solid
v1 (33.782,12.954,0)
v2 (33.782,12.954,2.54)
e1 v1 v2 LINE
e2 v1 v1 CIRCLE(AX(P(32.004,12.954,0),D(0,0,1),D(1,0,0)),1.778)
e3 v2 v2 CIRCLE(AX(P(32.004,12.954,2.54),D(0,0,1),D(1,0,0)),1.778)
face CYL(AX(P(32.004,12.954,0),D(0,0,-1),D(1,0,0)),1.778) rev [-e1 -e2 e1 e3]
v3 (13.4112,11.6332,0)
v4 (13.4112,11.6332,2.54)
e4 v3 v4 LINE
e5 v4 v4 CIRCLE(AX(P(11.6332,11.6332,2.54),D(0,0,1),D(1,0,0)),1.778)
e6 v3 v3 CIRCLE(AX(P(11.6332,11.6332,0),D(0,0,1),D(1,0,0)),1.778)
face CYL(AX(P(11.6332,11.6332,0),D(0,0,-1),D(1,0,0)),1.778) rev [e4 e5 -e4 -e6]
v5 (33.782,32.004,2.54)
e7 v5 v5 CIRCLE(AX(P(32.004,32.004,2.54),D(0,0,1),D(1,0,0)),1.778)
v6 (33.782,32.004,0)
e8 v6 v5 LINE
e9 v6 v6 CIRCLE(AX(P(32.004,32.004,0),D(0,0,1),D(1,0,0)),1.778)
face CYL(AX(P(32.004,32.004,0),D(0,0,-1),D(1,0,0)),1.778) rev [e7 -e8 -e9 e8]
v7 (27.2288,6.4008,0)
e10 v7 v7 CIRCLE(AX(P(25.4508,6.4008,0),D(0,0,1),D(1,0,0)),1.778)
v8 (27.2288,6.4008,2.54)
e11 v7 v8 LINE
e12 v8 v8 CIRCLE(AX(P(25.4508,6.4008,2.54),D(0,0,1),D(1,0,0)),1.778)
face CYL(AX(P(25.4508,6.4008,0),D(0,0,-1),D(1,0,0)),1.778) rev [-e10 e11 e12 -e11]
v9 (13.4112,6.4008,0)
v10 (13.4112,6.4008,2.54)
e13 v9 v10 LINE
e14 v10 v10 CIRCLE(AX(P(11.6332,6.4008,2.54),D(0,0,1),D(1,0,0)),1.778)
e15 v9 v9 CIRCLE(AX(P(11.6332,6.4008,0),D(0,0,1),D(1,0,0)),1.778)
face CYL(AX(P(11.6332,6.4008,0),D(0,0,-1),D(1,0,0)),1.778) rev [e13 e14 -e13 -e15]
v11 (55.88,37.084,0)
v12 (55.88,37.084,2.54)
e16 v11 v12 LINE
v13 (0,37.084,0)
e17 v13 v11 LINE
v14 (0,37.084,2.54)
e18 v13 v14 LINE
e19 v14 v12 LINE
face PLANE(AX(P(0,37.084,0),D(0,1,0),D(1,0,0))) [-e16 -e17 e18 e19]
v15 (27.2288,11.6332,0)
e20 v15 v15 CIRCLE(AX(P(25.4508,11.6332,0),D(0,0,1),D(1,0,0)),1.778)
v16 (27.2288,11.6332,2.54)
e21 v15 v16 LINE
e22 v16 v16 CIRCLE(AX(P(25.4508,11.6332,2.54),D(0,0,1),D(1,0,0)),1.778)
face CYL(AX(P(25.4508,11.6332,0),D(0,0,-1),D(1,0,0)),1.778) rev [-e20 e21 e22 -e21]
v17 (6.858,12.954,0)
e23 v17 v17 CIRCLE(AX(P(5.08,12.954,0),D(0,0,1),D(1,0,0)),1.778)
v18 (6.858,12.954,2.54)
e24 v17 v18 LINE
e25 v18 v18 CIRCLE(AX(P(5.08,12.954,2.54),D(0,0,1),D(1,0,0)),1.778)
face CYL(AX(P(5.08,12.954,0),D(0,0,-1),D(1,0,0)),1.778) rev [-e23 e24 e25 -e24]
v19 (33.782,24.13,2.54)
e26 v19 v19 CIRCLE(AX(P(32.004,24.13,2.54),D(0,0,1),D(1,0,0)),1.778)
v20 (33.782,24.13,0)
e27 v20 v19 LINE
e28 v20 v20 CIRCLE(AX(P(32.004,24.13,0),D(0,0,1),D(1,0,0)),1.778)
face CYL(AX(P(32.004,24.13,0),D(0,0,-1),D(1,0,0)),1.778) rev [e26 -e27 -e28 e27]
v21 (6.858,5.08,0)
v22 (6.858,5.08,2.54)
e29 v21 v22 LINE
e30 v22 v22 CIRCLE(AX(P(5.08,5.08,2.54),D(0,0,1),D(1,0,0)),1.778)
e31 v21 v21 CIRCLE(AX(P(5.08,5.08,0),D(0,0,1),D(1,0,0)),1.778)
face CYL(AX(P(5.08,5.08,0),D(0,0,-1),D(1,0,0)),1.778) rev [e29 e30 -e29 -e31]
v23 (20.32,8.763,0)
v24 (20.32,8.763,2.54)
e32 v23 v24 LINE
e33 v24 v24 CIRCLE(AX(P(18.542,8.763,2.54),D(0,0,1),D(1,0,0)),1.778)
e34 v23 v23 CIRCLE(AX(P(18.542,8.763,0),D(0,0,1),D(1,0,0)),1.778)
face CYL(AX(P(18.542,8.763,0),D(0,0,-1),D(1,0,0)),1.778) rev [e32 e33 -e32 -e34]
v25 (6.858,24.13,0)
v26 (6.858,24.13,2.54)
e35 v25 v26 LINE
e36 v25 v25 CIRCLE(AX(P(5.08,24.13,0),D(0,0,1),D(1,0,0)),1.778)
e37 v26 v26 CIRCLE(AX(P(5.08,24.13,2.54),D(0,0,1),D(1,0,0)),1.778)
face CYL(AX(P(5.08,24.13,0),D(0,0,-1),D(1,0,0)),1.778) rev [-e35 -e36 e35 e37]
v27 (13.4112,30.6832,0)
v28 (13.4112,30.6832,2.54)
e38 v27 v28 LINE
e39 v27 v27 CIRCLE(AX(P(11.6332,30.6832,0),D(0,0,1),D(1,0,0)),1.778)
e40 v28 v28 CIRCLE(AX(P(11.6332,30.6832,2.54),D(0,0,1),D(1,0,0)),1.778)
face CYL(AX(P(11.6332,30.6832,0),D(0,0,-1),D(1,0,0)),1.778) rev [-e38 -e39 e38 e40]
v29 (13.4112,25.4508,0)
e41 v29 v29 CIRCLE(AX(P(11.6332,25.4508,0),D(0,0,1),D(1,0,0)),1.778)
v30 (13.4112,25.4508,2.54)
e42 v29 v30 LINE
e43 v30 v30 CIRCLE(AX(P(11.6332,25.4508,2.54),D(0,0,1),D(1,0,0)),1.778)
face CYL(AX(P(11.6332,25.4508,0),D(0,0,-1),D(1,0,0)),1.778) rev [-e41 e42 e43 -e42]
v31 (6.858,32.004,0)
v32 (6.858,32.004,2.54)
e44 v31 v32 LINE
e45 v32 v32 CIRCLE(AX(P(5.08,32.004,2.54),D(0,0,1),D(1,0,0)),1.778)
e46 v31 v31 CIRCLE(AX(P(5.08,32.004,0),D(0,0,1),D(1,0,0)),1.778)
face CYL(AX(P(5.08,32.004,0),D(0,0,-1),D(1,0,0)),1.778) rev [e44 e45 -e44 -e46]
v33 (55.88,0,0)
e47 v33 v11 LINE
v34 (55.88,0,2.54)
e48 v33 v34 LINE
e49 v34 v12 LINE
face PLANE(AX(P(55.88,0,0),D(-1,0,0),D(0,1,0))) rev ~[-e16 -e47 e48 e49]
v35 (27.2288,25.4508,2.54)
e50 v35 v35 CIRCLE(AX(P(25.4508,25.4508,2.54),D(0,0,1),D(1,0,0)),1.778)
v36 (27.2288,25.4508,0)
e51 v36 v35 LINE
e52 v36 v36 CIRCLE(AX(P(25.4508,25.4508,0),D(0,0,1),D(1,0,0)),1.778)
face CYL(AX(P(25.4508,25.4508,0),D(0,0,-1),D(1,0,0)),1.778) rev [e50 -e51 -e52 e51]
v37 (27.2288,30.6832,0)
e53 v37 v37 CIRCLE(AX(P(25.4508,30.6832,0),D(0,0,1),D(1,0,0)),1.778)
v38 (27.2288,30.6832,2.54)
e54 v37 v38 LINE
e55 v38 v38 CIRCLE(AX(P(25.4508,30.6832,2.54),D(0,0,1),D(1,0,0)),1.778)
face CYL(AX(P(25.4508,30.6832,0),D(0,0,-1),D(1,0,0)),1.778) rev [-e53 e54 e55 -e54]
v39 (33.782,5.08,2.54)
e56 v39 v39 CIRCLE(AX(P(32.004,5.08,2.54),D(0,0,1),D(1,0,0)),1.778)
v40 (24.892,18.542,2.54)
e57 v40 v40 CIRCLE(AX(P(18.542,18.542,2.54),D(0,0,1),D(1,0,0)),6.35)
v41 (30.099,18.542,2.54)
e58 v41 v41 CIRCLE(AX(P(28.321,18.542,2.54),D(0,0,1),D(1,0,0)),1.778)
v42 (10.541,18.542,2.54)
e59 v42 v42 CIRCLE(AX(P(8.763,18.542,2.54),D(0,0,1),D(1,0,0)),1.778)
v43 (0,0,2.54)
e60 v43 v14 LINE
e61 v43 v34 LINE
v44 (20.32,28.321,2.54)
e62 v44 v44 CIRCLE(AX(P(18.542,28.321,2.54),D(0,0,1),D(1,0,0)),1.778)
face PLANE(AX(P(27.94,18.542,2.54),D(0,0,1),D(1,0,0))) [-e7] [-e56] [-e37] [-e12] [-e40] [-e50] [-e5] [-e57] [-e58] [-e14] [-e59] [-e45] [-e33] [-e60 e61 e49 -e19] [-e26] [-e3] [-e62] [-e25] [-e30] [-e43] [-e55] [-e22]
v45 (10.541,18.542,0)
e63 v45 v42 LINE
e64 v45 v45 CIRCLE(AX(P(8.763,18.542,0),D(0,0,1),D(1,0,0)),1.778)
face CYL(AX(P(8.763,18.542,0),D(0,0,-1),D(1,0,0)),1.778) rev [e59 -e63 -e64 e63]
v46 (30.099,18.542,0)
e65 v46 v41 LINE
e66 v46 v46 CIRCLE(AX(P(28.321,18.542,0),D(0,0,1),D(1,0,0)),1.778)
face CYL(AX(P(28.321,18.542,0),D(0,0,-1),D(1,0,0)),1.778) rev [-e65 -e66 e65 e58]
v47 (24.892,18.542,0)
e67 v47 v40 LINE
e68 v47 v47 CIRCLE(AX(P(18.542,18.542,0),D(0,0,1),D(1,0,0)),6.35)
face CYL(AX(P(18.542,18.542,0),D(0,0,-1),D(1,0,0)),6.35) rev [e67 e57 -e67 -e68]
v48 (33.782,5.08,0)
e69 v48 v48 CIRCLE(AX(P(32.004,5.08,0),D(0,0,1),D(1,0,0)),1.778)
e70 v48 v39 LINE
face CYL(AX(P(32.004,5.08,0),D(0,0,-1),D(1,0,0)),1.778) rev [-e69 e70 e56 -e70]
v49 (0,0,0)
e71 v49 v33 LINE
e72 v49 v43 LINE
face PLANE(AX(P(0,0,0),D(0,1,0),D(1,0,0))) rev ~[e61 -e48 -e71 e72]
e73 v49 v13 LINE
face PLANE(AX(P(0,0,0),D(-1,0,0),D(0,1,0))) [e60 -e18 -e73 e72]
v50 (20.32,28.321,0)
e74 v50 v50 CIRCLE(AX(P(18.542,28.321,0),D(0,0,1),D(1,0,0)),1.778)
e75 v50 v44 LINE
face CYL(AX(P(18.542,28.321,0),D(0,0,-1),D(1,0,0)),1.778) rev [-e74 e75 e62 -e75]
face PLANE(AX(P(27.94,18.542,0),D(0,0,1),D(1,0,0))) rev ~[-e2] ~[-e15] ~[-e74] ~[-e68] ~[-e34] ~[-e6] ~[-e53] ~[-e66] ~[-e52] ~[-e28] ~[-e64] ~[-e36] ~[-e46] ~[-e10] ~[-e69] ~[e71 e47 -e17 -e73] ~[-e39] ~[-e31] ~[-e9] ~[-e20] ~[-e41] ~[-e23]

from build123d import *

# Parameters (mm, degrees)
F0_W     = 55.88
F0_H     = 37.084
F0_R     = 1.778
F0_R_2   = 6.35
F1_DEPTH = 2.54


with BuildPart() as f1:
    # F0 (on Top) → F1 (new body)
    with BuildSketch(Plane.XY):
        with Locations((27.94, 18.542)):
            Rectangle(F0_W, F0_H)
        with Locations((5.08, 5.08)):
            Circle(F0_R, mode=Mode.SUBTRACT)
        with Locations((11.6332, 6.4008)):
            Circle(F0_R, mode=Mode.SUBTRACT)
        with Locations((18.542, 8.763)):
            Circle(F0_R, mode=Mode.SUBTRACT)
        with Locations((25.4508, 6.4008)):
            Circle(F0_R, mode=Mode.SUBTRACT)
        with Locations((5.08, 12.954)):
            Circle(F0_R, mode=Mode.SUBTRACT)
        with Locations((11.6332, 11.6332)):
            Circle(F0_R, mode=Mode.SUBTRACT)
        with Locations((25.4508, 11.6332)):
            Circle(F0_R, mode=Mode.SUBTRACT)
        with Locations((32.004, 5.08)):
            Circle(F0_R, mode=Mode.SUBTRACT)
        with Locations((32.004, 12.954)):
            Circle(F0_R, mode=Mode.SUBTRACT)
        with Locations((8.763, 18.542)):
            Circle(F0_R, mode=Mode.SUBTRACT)
        with Locations((5.08, 24.13)):
            Circle(F0_R, mode=Mode.SUBTRACT)
        with Locations((11.6332, 25.4508)):
            Circle(F0_R, mode=Mode.SUBTRACT)
        with Locations((18.542, 18.542)):
            Circle(F0_R_2, mode=Mode.SUBTRACT)
        with Locations((25.4508, 25.4508)):
            Circle(F0_R, mode=Mode.SUBTRACT)
        with Locations((5.08, 32.004)):
            Circle(F0_R, mode=Mode.SUBTRACT)
        with Locations((11.6332, 30.6832)):
            Circle(F0_R, mode=Mode.SUBTRACT)
        with Locations((18.542, 28.321)):
            Circle(F0_R, mode=Mode.SUBTRACT)
        with Locations((25.4508, 30.6832)):
            Circle(F0_R, mode=Mode.SUBTRACT)
        with Locations((28.321, 18.542)):
            Circle(F0_R, mode=Mode.SUBTRACT)
        with Locations((32.004, 24.13)):
            Circle(F0_R, mode=Mode.SUBTRACT)
        with Locations((32.004, 32.004)):
            Circle(F0_R, mode=Mode.SUBTRACT)
    extrude(amount=F1_DEPTH)


solid = f1.part
